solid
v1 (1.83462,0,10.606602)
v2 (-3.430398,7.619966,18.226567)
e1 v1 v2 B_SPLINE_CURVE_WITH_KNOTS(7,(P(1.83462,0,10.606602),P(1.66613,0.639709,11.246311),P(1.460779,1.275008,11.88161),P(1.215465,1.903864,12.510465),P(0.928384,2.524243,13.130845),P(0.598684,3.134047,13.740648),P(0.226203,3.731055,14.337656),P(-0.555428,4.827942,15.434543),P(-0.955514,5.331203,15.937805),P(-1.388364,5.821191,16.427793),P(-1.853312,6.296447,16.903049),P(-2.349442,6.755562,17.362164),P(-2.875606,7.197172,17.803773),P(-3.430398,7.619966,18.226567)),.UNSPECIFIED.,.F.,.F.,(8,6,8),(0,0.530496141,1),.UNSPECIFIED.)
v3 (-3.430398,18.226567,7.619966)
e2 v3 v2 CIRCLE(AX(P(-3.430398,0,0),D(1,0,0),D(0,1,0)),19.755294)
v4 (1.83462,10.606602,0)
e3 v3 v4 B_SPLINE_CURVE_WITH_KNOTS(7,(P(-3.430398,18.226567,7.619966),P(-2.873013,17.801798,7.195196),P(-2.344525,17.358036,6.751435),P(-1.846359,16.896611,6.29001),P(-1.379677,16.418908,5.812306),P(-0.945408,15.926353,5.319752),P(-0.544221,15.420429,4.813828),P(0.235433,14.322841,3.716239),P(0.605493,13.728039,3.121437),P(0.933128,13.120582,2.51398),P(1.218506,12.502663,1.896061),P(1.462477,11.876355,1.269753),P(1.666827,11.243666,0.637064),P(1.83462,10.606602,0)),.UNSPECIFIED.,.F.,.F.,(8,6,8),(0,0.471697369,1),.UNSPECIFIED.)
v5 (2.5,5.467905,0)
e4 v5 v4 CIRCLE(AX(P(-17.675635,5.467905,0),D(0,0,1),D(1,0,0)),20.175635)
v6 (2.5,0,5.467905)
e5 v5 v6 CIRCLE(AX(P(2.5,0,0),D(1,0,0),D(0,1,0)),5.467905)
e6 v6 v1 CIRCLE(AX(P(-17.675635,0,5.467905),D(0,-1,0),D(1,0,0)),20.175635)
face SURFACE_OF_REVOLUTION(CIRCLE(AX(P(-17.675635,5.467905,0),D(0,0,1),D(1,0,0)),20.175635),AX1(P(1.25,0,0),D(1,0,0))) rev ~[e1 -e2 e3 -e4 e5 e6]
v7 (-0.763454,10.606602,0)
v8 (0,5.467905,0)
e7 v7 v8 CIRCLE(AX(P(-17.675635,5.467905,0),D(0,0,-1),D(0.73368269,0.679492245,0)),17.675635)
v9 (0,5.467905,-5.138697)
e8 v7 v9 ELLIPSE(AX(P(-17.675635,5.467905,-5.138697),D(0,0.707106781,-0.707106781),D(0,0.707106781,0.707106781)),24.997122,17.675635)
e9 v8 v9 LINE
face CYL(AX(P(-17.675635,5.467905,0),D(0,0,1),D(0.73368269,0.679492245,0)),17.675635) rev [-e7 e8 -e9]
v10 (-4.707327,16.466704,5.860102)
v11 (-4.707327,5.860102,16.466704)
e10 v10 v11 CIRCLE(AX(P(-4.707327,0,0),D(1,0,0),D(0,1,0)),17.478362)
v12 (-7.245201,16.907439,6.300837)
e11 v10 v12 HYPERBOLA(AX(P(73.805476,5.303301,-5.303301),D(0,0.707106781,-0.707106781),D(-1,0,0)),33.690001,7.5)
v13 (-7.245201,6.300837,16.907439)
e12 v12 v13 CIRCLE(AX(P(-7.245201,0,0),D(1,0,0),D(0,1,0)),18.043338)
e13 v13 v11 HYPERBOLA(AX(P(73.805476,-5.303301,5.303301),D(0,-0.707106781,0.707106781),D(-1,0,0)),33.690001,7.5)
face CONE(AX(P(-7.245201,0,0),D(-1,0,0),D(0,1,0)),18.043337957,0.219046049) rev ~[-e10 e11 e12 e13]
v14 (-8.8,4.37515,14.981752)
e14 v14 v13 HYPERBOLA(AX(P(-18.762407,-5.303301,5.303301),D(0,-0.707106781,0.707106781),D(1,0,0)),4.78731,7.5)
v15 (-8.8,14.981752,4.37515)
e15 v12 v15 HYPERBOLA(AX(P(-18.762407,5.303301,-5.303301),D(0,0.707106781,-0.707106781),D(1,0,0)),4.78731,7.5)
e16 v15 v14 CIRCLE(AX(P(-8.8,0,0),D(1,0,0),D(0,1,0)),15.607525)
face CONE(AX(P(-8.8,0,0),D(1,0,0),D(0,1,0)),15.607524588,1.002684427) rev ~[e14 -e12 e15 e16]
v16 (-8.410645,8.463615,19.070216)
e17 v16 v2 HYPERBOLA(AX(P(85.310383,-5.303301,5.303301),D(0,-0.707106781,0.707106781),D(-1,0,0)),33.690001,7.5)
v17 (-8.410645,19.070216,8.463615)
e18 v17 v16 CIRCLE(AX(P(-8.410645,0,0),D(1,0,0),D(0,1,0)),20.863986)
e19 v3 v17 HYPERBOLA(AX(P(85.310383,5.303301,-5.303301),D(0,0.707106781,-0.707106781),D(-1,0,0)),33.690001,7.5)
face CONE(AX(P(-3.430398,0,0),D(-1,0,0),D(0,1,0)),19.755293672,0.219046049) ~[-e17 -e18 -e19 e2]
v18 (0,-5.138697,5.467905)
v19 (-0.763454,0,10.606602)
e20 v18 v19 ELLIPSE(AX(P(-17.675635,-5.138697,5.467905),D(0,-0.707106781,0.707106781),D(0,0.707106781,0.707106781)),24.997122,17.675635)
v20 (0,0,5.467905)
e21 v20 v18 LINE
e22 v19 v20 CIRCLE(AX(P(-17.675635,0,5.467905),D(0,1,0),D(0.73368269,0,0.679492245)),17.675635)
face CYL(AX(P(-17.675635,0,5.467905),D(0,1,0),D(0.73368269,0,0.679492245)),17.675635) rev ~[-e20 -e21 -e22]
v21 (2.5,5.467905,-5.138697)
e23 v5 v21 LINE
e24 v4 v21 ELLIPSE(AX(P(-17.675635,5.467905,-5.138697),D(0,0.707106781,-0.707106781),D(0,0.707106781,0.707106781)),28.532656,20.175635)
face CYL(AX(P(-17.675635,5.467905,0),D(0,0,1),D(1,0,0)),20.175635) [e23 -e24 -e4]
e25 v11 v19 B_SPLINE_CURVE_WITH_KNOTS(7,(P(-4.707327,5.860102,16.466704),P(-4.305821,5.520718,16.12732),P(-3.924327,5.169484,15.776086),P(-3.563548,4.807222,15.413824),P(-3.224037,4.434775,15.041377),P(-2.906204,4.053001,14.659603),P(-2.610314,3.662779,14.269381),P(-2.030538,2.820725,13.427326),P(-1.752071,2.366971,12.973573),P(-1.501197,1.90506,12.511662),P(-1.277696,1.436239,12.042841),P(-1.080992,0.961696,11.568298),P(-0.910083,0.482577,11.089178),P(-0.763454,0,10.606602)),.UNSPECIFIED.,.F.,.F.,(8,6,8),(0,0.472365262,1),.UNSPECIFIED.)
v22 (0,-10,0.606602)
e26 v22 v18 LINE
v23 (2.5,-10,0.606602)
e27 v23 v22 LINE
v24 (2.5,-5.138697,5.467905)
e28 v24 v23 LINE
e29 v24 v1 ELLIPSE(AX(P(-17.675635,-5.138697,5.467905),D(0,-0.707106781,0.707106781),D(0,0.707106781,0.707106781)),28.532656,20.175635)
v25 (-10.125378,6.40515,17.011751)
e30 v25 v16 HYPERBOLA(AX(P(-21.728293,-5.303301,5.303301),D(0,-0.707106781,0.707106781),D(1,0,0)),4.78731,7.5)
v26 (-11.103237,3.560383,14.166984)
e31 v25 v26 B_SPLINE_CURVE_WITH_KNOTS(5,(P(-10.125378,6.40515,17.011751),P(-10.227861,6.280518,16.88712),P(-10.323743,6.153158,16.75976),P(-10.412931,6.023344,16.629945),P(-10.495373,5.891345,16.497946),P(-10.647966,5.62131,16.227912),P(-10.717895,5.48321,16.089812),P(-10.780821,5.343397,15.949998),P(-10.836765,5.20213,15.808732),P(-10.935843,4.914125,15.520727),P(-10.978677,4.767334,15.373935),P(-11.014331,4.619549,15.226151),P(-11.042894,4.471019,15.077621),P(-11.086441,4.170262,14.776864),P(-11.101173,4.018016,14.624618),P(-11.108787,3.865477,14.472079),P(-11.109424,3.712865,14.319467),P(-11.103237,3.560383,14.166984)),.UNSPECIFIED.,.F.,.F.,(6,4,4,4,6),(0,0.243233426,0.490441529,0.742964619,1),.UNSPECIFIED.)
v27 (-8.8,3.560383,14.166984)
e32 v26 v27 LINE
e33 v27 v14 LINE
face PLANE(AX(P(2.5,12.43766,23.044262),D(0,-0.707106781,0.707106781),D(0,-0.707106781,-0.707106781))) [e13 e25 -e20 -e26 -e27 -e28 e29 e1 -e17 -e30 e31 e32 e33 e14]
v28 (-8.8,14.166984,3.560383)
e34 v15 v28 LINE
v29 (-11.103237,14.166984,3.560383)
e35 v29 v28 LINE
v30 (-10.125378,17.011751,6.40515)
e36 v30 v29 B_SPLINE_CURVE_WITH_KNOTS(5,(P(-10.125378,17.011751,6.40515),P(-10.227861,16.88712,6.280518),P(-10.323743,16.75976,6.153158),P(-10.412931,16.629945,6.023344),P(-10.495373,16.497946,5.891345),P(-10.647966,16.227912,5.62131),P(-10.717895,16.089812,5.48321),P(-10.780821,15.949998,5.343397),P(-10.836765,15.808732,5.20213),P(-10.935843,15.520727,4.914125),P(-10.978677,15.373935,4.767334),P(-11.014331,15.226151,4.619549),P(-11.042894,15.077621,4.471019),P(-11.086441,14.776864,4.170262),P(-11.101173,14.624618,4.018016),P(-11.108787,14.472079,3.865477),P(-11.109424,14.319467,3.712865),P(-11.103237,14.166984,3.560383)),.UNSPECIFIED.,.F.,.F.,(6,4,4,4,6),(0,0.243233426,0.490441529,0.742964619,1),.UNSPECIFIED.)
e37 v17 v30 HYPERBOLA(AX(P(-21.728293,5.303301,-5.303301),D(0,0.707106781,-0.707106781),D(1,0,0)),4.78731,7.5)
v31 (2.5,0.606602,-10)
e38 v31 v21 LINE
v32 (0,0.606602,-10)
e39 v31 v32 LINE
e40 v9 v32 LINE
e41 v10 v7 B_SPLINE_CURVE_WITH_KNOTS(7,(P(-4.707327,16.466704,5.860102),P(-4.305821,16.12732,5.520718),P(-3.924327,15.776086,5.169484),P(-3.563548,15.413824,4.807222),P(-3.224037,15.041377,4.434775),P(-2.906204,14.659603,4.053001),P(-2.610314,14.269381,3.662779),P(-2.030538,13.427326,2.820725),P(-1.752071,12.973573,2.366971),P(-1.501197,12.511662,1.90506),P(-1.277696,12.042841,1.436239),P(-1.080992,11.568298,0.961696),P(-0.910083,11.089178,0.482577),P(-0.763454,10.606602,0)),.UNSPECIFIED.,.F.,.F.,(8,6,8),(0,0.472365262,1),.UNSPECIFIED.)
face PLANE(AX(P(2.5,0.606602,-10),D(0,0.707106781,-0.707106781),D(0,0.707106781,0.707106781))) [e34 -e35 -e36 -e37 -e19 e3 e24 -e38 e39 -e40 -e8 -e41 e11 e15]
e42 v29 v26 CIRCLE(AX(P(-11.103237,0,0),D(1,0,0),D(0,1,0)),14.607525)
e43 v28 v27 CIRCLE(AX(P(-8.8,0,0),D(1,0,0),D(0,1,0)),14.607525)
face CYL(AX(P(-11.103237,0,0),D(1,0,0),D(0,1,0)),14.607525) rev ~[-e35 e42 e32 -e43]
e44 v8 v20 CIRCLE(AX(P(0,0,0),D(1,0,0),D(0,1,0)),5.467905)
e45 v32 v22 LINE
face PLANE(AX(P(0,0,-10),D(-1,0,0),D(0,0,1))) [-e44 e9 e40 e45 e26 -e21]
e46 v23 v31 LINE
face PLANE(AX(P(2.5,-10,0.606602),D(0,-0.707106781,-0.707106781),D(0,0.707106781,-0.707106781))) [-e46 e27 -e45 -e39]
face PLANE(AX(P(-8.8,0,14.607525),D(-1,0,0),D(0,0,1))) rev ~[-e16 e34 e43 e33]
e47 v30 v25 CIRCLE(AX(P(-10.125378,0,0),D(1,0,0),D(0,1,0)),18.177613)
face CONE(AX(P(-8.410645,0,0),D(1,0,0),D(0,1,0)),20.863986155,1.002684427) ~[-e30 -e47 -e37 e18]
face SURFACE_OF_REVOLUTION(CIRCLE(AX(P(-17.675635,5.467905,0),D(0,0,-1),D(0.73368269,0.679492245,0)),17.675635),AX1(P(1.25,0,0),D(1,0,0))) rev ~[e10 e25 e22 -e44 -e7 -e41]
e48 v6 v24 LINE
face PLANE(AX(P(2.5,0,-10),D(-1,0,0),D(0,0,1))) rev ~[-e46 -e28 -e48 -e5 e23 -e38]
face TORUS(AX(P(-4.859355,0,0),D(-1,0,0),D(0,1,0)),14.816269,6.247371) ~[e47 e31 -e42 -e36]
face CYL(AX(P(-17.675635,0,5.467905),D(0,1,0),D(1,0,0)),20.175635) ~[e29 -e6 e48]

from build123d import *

# Parameters (mm, degrees)
F1_ANGLE = 90
F3_DEPTH = 10
F4_DEPTH = 10
F6_DEPTH = 25


with BuildPart() as f1:
    # F0 (on Top) → F1 (revolve)
    with BuildSketch(Plane.XY):
        with BuildLine():
            Line((0, 5.4679050659), (0, 0))
            Line((0, 0), (2.5, 0))
            Line((2.5, 0), (2.5, 5.4679050659))
            ThreePointArc((2.5, 5.4679050659), (0.9585130135, 13.202552711), (-3.4303982666, 19.7552936717))
            Line((-3.4303982666, 19.7552936717), (-8.4106450471, 20.863986155))
            Line((-8.4106450471, 20.863986155), (-10.1253781611, 18.1776133961))
            ThreePointArc((-10.1253781611, 18.1776133961), (-10.8847896659, 16.4666549044), (-11.1032370478, 14.6075245875))
            Line((-11.1032370478, 14.6075245875), (-8.8, 14.6075245875))
            Line((-8.8, 14.6075245875), (-8.8, 15.6075245875))
            Line((-8.8, 15.6075245875), (-7.2452009387, 18.0433379567))
            Line((-7.2452009387, 18.0433379567), (-4.7073274561, 17.4783616859))
            ThreePointArc((-4.7073274561, 17.4783616859), (-1.2188561035, 11.9179050659), (0, 5.4679050659))
        make_face()
    revolve(axis=Axis((1.25, 0, 0), (1, 0, 0)), revolution_arc=F1_ANGLE)

    # F3 (add): a face of the model
    f3_faces = [f1.faces().sort_by_distance(p)[0] for p in [
        (-0.9869443197, 12.0087995874, 0),
    ]]
    extrude(f3_faces, amount=F3_DEPTH)

    # F4 (add): a face of the model
    f4_faces = [f1.faces().sort_by_distance(p)[0] for p in [
        (-0.9048130801, 0, 12.0409897573),
    ]]
    extrude(f4_faces, amount=F4_DEPTH)

    # F5 (on face) → F6 (intersect)
    with BuildSketch(Plane.YZ.offset(2.5)):
        Polygon((12.4376601817, 23.0442618995), (-10, 0.6066017178), (0.6066017178, -10), (23.0442618995, 12.4376601817), align=None)
    extrude(amount=-F6_DEPTH, mode=Mode.INTERSECT)


solid = f1.part
